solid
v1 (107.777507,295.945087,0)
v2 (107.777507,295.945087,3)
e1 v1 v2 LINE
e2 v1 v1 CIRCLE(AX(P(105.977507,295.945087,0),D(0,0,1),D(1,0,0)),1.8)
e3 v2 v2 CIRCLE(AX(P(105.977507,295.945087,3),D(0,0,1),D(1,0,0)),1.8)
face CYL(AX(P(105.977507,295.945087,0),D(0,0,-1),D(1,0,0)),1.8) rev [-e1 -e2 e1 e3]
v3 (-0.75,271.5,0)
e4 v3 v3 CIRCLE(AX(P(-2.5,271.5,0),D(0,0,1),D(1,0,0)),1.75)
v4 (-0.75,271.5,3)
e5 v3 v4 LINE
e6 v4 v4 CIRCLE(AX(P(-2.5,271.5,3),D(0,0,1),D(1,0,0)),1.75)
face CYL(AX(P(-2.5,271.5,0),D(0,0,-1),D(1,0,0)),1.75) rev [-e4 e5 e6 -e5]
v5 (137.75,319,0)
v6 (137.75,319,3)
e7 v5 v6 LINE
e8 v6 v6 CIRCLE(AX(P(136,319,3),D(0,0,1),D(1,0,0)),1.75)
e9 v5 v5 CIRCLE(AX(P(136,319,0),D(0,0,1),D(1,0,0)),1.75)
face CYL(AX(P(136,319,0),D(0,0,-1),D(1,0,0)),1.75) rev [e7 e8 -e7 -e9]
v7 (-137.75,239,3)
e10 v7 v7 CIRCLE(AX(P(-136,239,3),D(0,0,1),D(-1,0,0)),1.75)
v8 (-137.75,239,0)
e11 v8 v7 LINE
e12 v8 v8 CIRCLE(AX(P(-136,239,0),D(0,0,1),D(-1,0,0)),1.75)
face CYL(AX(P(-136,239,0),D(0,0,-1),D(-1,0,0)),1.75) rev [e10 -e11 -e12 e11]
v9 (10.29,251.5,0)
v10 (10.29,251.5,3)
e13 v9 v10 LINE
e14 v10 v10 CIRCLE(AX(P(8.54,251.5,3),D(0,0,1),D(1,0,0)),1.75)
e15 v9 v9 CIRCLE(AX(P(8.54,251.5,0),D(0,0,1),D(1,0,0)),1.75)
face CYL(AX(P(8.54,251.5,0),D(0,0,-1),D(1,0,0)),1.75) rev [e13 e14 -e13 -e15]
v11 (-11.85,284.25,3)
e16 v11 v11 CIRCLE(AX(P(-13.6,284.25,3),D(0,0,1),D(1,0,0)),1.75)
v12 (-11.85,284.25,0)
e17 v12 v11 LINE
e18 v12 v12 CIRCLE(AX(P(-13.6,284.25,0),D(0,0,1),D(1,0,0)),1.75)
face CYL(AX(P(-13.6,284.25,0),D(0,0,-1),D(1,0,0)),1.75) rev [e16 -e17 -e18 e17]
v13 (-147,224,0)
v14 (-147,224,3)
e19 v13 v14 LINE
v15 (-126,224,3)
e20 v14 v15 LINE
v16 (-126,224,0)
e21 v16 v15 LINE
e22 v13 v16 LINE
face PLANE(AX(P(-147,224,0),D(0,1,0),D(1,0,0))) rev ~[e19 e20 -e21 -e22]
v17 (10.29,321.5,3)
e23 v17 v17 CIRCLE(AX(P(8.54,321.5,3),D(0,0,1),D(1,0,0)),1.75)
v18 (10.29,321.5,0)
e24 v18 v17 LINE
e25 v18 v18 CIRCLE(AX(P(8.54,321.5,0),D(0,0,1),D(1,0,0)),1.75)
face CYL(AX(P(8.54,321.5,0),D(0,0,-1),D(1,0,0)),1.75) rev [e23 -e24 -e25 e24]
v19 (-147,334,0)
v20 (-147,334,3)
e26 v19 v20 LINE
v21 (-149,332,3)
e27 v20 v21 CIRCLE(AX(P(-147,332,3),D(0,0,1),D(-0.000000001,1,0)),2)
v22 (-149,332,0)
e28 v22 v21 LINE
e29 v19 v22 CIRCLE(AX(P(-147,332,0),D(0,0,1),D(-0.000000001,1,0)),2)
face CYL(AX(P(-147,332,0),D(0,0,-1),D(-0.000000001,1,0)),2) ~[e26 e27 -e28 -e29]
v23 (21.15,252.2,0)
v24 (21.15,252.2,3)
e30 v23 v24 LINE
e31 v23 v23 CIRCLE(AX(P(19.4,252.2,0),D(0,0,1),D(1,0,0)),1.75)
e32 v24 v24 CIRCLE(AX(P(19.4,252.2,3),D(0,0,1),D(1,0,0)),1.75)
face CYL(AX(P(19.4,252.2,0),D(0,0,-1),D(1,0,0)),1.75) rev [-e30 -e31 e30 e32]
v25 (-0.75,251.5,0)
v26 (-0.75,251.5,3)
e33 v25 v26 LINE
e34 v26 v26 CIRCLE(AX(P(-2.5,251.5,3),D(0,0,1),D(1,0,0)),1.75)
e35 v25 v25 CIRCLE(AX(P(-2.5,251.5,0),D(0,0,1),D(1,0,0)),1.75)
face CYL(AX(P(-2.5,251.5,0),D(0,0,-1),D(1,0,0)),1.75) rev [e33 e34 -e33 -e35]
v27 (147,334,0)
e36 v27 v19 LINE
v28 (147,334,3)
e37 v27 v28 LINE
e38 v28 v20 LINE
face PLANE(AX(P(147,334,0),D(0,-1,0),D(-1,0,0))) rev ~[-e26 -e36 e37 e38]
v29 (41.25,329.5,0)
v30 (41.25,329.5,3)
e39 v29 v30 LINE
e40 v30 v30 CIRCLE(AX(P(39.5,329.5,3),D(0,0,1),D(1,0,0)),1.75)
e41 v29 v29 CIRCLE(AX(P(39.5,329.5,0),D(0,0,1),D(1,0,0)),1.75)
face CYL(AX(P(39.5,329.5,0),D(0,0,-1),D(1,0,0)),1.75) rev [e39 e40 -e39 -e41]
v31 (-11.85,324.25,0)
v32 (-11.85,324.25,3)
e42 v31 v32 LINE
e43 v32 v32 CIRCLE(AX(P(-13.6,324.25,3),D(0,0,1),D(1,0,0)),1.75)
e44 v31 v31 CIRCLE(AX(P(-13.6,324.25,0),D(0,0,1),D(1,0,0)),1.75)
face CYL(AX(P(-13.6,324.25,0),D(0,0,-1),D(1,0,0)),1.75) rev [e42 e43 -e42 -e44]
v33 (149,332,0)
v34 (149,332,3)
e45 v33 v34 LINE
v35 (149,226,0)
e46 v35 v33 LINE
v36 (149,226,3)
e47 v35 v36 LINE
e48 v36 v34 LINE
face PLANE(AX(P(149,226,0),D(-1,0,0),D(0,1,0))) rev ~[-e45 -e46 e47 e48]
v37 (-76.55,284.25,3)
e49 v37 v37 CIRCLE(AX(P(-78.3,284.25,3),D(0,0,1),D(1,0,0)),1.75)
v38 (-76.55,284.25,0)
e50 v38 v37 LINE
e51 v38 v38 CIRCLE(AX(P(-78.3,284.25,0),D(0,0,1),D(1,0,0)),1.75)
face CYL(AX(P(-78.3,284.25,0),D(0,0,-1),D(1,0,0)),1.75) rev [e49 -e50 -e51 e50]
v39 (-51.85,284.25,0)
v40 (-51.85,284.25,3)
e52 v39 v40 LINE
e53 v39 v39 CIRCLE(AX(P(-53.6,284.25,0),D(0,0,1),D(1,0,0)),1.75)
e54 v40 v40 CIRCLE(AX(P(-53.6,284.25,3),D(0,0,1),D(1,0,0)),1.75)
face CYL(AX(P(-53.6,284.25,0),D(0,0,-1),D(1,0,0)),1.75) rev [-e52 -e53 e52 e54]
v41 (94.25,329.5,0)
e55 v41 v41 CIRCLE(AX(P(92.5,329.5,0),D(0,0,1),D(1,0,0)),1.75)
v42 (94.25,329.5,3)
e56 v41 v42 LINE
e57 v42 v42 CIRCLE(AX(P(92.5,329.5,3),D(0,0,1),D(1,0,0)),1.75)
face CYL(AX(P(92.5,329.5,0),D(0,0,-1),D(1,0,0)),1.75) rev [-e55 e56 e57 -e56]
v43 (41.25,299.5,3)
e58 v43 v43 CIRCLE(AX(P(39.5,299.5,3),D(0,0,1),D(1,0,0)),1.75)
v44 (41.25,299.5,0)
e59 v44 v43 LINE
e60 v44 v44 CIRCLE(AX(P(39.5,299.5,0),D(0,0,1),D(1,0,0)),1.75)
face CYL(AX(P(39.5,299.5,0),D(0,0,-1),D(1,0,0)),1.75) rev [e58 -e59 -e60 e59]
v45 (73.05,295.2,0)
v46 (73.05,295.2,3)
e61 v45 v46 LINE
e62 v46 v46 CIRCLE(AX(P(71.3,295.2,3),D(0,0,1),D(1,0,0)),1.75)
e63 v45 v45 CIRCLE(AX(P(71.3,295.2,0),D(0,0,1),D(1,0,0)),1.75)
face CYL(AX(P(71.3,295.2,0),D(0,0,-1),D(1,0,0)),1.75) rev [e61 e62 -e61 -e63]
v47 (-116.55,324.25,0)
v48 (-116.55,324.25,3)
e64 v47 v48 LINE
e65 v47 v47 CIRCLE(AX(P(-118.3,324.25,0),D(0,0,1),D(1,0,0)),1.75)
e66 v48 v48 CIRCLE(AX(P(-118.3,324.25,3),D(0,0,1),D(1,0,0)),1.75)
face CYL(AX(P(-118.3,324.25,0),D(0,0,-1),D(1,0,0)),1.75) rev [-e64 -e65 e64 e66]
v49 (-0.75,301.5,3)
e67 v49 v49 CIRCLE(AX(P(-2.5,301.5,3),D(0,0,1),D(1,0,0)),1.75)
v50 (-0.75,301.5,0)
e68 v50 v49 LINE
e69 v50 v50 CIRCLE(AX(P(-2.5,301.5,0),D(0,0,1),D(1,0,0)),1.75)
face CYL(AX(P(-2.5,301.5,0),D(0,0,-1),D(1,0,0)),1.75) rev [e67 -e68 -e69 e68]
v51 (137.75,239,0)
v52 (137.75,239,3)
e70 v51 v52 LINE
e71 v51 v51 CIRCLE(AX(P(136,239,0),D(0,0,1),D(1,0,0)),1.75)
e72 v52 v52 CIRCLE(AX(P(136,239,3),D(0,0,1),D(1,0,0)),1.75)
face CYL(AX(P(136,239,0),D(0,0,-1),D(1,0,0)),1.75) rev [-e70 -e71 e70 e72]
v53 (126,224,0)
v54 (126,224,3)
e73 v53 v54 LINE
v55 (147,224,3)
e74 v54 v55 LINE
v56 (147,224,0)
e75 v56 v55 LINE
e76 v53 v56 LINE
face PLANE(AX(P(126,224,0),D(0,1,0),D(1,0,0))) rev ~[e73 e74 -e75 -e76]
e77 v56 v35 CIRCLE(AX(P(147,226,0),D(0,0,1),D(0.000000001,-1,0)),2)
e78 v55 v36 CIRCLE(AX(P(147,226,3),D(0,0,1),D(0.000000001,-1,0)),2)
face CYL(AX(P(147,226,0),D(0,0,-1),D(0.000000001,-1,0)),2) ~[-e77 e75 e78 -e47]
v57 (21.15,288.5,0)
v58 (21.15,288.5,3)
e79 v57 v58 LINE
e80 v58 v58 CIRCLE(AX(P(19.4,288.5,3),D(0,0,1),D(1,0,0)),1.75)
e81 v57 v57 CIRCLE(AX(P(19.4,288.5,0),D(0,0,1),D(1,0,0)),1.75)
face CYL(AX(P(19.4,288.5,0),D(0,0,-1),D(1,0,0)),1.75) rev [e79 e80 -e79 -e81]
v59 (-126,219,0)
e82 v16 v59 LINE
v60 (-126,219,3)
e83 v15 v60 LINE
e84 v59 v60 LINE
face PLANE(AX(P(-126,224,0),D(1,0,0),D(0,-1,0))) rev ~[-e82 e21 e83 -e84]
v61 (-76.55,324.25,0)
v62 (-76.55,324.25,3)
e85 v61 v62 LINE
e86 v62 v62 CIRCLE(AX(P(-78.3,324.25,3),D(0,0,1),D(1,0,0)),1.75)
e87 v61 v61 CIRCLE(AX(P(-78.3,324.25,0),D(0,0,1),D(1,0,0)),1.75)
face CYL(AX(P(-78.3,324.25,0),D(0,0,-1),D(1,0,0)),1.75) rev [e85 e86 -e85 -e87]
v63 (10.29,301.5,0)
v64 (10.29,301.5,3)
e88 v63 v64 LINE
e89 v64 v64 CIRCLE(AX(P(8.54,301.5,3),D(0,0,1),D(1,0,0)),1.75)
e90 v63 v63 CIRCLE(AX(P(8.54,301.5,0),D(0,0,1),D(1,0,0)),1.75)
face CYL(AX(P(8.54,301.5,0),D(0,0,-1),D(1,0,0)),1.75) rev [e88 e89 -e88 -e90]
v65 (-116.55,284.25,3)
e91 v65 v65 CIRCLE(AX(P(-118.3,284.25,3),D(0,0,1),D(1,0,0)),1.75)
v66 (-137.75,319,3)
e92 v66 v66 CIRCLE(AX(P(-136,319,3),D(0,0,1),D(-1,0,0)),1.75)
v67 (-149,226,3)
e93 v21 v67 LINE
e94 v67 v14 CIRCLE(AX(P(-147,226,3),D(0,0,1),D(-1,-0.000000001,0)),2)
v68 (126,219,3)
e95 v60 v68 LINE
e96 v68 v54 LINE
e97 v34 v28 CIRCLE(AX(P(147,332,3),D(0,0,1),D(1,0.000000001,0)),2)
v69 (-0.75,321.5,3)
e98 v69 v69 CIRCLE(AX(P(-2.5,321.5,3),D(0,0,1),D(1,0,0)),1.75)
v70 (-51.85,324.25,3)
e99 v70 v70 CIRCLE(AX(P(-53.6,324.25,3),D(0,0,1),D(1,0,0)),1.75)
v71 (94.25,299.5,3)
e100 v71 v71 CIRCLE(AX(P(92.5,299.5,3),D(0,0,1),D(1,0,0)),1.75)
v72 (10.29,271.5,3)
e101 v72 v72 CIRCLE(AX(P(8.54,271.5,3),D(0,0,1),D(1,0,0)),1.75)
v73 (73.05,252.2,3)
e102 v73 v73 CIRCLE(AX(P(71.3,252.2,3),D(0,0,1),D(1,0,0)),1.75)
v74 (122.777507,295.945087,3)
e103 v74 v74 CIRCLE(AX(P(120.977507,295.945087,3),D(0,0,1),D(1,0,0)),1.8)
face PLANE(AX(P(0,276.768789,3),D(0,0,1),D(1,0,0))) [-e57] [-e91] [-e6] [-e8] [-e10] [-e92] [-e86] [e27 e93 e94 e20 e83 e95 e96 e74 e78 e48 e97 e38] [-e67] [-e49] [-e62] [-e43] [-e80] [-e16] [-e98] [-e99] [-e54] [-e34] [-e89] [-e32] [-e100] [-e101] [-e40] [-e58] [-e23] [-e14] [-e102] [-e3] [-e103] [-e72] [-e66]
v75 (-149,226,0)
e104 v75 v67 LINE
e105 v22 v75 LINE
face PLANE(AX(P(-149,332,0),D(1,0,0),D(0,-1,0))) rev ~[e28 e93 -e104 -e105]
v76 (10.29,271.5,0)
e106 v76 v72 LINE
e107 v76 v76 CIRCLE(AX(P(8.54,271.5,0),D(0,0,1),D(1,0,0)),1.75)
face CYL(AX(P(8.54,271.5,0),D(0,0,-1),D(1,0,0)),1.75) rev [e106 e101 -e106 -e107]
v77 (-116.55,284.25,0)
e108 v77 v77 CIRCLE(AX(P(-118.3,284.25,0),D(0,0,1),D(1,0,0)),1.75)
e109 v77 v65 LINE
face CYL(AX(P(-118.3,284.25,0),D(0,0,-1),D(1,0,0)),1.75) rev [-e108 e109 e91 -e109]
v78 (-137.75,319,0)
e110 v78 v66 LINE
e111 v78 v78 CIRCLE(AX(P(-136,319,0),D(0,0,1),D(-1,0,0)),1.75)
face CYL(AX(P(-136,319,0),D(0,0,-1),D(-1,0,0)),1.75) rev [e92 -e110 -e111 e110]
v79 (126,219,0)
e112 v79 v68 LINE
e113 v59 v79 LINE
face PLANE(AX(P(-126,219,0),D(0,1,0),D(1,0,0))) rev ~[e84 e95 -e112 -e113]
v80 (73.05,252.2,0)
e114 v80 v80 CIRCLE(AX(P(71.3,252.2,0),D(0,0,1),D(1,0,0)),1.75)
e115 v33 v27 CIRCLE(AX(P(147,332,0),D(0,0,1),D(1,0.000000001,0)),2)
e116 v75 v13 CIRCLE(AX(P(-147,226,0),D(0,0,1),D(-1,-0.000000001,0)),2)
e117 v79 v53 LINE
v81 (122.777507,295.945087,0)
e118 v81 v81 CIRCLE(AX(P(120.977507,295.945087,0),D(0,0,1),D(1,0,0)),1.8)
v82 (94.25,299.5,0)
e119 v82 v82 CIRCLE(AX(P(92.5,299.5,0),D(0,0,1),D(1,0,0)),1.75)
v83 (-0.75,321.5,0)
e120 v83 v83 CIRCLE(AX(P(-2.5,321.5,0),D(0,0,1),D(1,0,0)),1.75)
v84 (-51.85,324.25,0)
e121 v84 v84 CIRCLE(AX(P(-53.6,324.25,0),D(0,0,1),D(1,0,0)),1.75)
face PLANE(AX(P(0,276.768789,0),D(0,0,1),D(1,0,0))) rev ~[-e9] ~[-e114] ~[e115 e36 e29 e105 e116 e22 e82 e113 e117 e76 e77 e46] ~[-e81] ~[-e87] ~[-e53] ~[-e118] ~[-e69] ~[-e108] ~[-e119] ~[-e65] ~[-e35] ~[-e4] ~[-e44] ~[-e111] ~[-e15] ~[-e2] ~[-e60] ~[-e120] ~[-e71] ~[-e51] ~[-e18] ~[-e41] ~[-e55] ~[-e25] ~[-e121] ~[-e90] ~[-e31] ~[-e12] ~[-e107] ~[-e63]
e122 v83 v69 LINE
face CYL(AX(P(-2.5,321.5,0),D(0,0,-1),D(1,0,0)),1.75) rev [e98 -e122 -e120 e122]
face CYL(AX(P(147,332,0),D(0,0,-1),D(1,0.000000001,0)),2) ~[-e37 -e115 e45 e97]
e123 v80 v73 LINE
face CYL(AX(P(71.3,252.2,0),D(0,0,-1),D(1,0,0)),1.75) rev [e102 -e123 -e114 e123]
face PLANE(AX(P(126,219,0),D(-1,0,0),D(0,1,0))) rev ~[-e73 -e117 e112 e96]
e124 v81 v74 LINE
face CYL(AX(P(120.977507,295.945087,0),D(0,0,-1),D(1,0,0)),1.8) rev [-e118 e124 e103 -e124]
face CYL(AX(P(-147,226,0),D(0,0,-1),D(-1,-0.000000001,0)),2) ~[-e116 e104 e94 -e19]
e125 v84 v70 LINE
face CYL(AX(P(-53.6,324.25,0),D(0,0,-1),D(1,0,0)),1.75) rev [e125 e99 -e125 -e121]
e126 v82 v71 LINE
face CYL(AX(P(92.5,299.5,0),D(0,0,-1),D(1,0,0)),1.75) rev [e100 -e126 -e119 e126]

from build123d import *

# Parameters (mm, degrees)
SKETCH1_R           = 1.75
SKETCH1_R_2         = 1.8
BOSS_EXTRUDE1_DEPTH = 3


with BuildPart() as part:
    # Sketch1 → Boss-Extrude1 (new body)
    with BuildSketch(Plane.XY):
        with BuildLine():
            Line((126, 219), (126, 224))
            Line((126, 224), (147, 224))
            ThreePointArc((147, 224), (148.414213562, 224.585786438), (149, 226))
            Line((149, 226), (149, 332))
            ThreePointArc((149, 332), (148.414213562, 333.414213562), (147, 334))
            Line((147, 334), (-147, 334))
            ThreePointArc((-147, 334), (-148.414213562, 333.414213562), (-149, 332))
            Line((-149, 332), (-149, 226))
            ThreePointArc((-149, 226), (-148.414213562, 224.585786438), (-147, 224))
            Line((-147, 224), (-126, 224))
            Line((-126, 224), (-126, 219))
            Line((-126, 219), (-70, 219))
            Line((-70, 219), (70, 219))
            Line((70, 219), (126, 219))
        make_face()
        with Locations((136, 239)):
            Circle(SKETCH1_R, mode=Mode.SUBTRACT)
        with Locations((136, 319)):
            Circle(SKETCH1_R, mode=Mode.SUBTRACT)
        with Locations(Location((-136, 239, 0), (0, 0, 180))):
            Circle(SKETCH1_R, mode=Mode.SUBTRACT)
        with Locations(Location((-136, 319, 0), (0, 0, 180))):
            Circle(SKETCH1_R, mode=Mode.SUBTRACT)
        with Locations((-78.3, 324.25)):
            Circle(SKETCH1_R, mode=Mode.SUBTRACT)
        with Locations((-2.5, 321.5)):
            Circle(SKETCH1_R, mode=Mode.SUBTRACT)
        with Locations((-78.3, 284.25)):
            Circle(SKETCH1_R, mode=Mode.SUBTRACT)
        with Locations((-118.3, 324.25)):
            Circle(SKETCH1_R, mode=Mode.SUBTRACT)
        with Locations((-118.3, 284.25)):
            Circle(SKETCH1_R, mode=Mode.SUBTRACT)
        with Locations((-53.6, 324.25)):
            Circle(SKETCH1_R, mode=Mode.SUBTRACT)
        with Locations((-53.6, 284.25)):
            Circle(SKETCH1_R, mode=Mode.SUBTRACT)
        with Locations((-13.6, 324.25)):
            Circle(SKETCH1_R, mode=Mode.SUBTRACT)
        with Locations((-13.6, 284.25)):
            Circle(SKETCH1_R, mode=Mode.SUBTRACT)
        with Locations((71.3, 295.2)):
            Circle(SKETCH1_R, mode=Mode.SUBTRACT)
        with Locations((19.4, 288.5)):
            Circle(SKETCH1_R, mode=Mode.SUBTRACT)
        with Locations((19.4, 252.2)):
            Circle(SKETCH1_R, mode=Mode.SUBTRACT)
        with Locations((71.3, 252.2)):
            Circle(SKETCH1_R, mode=Mode.SUBTRACT)
        with Locations((39.5, 329.5)):
            Circle(SKETCH1_R, mode=Mode.SUBTRACT)
        with Locations((39.5, 299.5)):
            Circle(SKETCH1_R, mode=Mode.SUBTRACT)
        with Locations((92.5, 329.5)):
            Circle(SKETCH1_R, mode=Mode.SUBTRACT)
        with Locations((92.5, 299.5)):
            Circle(SKETCH1_R, mode=Mode.SUBTRACT)
        with Locations((8.54, 321.5)):
            Circle(SKETCH1_R, mode=Mode.SUBTRACT)
        with Locations((-2.5, 301.5)):
            Circle(SKETCH1_R, mode=Mode.SUBTRACT)
        with Locations((8.54, 301.5)):
            Circle(SKETCH1_R, mode=Mode.SUBTRACT)
        with Locations((-2.5, 271.5)):
            Circle(SKETCH1_R, mode=Mode.SUBTRACT)
        with Locations((8.54, 271.5)):
            Circle(SKETCH1_R, mode=Mode.SUBTRACT)
        with Locations((8.54, 251.5)):
            Circle(SKETCH1_R, mode=Mode.SUBTRACT)
        with Locations((-2.5, 251.5)):
            Circle(SKETCH1_R, mode=Mode.SUBTRACT)
        with Locations((105.977507251, 295.945086532)):
            Circle(SKETCH1_R_2, mode=Mode.SUBTRACT)
        with Locations((120.977507251, 295.945086532)):
            Circle(SKETCH1_R_2, mode=Mode.SUBTRACT)
    extrude(amount=BOSS_EXTRUDE1_DEPTH)


solid = part.part
